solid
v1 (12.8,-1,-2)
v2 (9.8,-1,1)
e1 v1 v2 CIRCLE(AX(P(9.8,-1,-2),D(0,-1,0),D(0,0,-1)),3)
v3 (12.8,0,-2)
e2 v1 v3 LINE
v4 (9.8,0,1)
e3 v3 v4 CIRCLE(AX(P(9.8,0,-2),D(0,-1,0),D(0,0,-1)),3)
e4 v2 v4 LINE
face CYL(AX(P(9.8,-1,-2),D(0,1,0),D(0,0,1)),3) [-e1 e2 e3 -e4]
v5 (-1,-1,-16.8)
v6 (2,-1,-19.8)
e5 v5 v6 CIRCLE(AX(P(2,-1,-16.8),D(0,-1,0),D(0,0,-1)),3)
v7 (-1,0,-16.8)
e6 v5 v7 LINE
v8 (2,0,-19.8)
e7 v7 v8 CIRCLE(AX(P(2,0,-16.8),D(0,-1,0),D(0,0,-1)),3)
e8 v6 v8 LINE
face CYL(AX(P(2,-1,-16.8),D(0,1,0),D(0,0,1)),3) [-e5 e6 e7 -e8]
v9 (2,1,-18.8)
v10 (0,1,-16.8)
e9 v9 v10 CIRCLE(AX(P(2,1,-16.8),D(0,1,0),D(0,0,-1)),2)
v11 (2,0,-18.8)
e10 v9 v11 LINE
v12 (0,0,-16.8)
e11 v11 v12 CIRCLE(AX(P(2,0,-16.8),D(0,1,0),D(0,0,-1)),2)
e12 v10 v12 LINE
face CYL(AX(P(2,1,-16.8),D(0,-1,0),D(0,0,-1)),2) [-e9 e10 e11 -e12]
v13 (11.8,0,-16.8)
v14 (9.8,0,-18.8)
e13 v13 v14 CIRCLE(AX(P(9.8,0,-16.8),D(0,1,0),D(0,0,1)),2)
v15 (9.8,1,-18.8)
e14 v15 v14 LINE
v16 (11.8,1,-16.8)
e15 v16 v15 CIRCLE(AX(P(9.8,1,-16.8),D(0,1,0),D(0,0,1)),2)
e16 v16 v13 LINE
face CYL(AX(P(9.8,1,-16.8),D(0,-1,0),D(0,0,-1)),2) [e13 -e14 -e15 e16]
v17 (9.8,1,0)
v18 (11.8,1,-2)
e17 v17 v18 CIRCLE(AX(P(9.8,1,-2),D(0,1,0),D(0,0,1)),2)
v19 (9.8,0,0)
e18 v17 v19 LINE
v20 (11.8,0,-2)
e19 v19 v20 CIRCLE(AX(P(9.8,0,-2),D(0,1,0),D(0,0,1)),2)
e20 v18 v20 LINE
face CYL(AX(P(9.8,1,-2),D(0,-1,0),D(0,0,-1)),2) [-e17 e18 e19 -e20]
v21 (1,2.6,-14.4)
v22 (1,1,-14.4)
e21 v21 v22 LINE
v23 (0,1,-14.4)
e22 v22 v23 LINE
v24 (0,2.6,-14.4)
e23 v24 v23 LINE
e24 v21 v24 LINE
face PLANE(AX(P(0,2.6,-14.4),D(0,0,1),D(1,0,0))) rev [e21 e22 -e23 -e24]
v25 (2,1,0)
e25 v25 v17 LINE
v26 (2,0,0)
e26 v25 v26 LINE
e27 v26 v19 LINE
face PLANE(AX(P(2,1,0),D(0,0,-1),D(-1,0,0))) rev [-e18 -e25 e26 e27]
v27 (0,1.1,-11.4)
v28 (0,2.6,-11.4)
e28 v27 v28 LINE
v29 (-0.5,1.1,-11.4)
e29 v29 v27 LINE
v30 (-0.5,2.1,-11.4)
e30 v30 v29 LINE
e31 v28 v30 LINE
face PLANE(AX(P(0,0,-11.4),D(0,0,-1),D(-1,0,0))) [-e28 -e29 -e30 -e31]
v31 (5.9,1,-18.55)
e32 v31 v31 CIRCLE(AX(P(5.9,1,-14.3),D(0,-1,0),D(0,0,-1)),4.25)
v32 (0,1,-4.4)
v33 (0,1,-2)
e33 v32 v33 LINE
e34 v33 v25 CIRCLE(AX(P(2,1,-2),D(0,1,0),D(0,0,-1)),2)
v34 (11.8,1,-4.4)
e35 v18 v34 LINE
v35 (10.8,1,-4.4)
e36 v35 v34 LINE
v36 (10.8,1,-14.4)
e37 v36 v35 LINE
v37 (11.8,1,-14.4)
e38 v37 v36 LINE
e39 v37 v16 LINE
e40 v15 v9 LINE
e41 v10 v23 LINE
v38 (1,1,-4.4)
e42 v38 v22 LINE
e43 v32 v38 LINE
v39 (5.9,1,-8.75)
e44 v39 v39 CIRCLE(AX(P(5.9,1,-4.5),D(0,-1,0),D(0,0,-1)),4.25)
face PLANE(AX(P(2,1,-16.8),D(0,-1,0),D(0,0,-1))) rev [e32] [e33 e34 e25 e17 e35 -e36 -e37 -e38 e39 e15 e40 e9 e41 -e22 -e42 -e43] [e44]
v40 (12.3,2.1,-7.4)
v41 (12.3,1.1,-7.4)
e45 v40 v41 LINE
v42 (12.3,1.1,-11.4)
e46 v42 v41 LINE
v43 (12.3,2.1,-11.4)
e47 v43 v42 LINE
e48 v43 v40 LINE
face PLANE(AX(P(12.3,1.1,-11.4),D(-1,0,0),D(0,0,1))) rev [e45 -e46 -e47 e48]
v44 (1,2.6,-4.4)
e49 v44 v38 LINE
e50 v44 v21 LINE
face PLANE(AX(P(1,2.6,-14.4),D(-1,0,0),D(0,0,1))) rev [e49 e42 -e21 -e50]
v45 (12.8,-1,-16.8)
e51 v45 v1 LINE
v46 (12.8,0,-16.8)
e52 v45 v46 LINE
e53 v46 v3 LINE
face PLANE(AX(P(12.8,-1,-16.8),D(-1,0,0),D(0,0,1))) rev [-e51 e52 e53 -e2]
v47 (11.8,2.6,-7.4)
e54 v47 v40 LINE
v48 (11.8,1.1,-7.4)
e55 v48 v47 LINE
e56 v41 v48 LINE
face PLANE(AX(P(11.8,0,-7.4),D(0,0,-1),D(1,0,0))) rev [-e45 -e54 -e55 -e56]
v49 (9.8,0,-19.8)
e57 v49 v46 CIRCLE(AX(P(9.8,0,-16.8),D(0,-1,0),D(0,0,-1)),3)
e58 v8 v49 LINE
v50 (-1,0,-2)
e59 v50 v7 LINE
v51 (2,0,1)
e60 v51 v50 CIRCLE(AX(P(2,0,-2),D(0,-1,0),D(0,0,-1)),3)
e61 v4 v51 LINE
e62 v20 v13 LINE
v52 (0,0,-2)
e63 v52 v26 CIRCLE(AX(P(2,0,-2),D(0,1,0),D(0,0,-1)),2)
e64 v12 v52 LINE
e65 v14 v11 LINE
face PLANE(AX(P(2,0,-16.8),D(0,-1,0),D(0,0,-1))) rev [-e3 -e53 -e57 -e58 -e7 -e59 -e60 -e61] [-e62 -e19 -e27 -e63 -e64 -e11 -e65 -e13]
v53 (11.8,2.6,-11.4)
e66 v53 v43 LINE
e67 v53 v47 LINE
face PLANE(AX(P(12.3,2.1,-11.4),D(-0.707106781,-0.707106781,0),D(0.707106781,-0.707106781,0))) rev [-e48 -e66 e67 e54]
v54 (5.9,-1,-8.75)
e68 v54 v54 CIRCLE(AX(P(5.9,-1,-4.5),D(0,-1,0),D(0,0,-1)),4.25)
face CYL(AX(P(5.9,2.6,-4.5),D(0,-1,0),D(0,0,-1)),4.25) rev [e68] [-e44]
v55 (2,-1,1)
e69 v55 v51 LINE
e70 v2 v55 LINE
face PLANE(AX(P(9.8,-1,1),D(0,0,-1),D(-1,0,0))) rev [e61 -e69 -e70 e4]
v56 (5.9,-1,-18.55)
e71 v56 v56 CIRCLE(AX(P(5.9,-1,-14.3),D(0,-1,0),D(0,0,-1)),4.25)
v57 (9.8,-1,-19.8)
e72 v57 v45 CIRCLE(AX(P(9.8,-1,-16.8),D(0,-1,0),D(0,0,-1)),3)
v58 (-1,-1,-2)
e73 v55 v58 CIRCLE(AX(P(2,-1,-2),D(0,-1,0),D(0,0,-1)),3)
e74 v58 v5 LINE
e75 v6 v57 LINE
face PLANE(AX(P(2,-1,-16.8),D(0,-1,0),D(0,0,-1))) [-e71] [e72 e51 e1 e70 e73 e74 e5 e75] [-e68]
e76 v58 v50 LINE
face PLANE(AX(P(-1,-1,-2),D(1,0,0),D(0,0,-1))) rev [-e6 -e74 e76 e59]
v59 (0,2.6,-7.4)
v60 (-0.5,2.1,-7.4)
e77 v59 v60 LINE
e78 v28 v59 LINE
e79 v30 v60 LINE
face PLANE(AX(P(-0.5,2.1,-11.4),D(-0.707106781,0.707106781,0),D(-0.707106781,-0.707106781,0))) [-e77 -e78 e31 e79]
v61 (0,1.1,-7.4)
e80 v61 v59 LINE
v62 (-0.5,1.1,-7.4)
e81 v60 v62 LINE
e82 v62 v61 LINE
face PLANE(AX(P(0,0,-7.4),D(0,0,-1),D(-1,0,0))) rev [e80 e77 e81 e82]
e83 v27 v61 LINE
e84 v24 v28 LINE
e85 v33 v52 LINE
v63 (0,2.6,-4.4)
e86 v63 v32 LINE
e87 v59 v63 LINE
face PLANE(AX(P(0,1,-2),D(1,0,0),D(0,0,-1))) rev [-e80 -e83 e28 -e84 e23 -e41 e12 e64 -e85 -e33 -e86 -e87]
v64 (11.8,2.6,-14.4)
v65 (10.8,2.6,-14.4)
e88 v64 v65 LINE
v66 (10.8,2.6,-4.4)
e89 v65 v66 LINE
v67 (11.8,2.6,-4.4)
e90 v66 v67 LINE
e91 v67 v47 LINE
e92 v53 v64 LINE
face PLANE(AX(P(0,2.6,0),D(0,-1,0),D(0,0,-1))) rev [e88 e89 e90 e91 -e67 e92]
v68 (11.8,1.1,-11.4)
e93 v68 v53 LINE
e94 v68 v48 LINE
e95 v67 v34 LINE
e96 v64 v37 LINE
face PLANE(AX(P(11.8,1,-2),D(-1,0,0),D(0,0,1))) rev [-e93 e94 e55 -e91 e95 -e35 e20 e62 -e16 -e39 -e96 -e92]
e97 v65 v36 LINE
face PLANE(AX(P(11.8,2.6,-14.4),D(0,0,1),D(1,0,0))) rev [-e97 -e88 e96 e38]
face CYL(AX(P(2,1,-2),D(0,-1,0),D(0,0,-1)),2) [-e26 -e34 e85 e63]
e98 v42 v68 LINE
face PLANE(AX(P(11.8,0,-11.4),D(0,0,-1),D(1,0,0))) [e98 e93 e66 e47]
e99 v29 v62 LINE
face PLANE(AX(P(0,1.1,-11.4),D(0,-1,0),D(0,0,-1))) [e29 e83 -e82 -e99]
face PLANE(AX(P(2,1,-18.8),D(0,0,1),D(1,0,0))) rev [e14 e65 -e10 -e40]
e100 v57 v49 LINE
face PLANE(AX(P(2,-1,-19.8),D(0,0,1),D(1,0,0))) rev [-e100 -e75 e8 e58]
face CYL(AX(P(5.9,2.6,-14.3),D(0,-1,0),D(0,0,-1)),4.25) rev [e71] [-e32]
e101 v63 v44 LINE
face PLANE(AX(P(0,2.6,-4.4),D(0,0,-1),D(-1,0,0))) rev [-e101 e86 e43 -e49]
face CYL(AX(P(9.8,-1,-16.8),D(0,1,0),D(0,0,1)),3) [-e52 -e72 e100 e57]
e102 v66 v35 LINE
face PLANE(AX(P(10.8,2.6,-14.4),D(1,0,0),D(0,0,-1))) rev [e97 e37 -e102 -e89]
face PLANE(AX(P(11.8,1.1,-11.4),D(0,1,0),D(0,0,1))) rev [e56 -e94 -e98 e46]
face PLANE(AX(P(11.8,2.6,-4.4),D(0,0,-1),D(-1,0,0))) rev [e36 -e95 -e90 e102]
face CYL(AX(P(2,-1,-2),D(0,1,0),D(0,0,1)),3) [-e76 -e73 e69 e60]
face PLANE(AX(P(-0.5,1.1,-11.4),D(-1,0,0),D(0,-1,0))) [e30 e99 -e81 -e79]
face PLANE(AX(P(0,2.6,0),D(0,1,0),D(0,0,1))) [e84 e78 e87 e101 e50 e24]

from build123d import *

# Parameters (mm, degrees)
EXTRUDE_1_DEPTH                           = 1
SKETCH_2_W                                = 1
SKETCH_2_H                                = 10
EXTRUDE_2_DEPTH                           = 1.6
EXTRUDE_3_DEPTH                           = 2
EXTRUDE_4_DEPTH                           = 1
MIRROR_1_AT_THE_SECOND_PLANE_COPY_1_DEPTH = 2
SKETCH_5_R                                = 4.25
CUT_EXTRUDE_1_DEPTH                       = 24.850366873


with BuildPart() as part:
    # 草图1 → 凸台-拉伸1 (new body)
    with BuildSketch(Plane(origin=(0, 0, 0), x_dir=(1, 0, 0), z_dir=(0, 1, 0))):
        with BuildLine():
            Line((2, 0), (9.8, 0))
            ThreePointArc((9.8, 0), (11.214213562, 0.585786438), (11.8, 2))
            Line((11.8, 2), (11.8, 16.8))
            ThreePointArc((11.8, 16.8), (11.214213562, 18.214213562), (9.8, 18.8))
            Line((9.8, 18.8), (2, 18.8))
            ThreePointArc((2, 18.8), (0.585786438, 18.214213562), (0, 16.8))
            Line((0, 16.8), (0, 2))
            ThreePointArc((0, 2), (0.585786438, 0.585786438), (2, 0))
        make_face()
    extrude(amount=EXTRUDE_1_DEPTH)

    # 草图2 → 凸台-拉伸2 (add)
    with BuildSketch(Plane(origin=(0, 1, 0), x_dir=(1, 0, 0), z_dir=(0, 1, 0))):
        with Locations((0.5, 9.4)):
            Rectangle(SKETCH_2_W, SKETCH_2_H)
        with Locations((11.3, 9.4)):
            Rectangle(SKETCH_2_W, SKETCH_2_H)
    extrude(amount=EXTRUDE_2_DEPTH)

    # 草图3 → 凸台-拉伸3 (add, symmetric)
    with BuildSketch(Plane.XY.offset(-9.4)):
        Polygon((0, 2.6), (0, 1.1), (-0.5, 1.1), (-0.5, 2.1), align=None)
    extrude_3 = extrude(amount=EXTRUDE_3_DEPTH, both=True)

    # 草图4 → 凸台-拉伸4 (add)
    with BuildSketch(Plane.XZ):
        with BuildLine():
            Line((2, -19.8), (9.8, -19.8))
            ThreePointArc((9.8, -19.8), (11.921320344, -18.921320344), (12.8, -16.8))
            Line((12.8, -16.8), (12.8, -2))
            ThreePointArc((12.8, -2), (11.921320344, 0.121320344), (9.8, 1))
            Line((9.8, 1), (2, 1))
            ThreePointArc((2, 1), (-0.121320344, 0.121320344), (-1, -2))
            Line((-1, -2), (-1, -16.8))
            ThreePointArc((-1, -16.8), (-0.121320344, -18.921320344), (2, -19.8))
        make_face()
    extrude(amount=EXTRUDE_4_DEPTH)

    # 镜向1: 凸台-拉伸3 across plane
    add(extrude_3.mirror(Plane.XY.offset(-9.4)))

    # 镜向1 at the second plane: 凸台-拉伸3 across plane
    add(extrude_3.mirror(Plane.ZY.offset(-5.9)))

    # 镜向1 at the second plane copy 1 sket → 镜向1 at the second plane copy 1 (add, symmetric)
    with BuildSketch(Plane(origin=(11.8, 0, -9.4), x_dir=(-1, 0, 0), z_dir=(0, 0, -1))):
        Polygon((0, 2.6), (0, 1.1), (-0.5, 1.1), (-0.5, 2.1), align=None)
    extrude(amount=MIRROR_1_AT_THE_SECOND_PLANE_COPY_1_DEPTH, both=True)

    # 草图5 → 切除-拉伸1 (cut, through all)
    with BuildSketch(Plane.XZ.offset(1)):
        with Locations(Location((5.9, -4.5, 0), (0, 0, 270))):
            Circle(SKETCH_5_R)
        with Locations(Location((5.9, -14.3, 0), (0, 0, 270))):
            Circle(SKETCH_5_R)
    extrude(amount=-CUT_EXTRUDE_1_DEPTH, mode=Mode.SUBTRACT)


solid = part.part
